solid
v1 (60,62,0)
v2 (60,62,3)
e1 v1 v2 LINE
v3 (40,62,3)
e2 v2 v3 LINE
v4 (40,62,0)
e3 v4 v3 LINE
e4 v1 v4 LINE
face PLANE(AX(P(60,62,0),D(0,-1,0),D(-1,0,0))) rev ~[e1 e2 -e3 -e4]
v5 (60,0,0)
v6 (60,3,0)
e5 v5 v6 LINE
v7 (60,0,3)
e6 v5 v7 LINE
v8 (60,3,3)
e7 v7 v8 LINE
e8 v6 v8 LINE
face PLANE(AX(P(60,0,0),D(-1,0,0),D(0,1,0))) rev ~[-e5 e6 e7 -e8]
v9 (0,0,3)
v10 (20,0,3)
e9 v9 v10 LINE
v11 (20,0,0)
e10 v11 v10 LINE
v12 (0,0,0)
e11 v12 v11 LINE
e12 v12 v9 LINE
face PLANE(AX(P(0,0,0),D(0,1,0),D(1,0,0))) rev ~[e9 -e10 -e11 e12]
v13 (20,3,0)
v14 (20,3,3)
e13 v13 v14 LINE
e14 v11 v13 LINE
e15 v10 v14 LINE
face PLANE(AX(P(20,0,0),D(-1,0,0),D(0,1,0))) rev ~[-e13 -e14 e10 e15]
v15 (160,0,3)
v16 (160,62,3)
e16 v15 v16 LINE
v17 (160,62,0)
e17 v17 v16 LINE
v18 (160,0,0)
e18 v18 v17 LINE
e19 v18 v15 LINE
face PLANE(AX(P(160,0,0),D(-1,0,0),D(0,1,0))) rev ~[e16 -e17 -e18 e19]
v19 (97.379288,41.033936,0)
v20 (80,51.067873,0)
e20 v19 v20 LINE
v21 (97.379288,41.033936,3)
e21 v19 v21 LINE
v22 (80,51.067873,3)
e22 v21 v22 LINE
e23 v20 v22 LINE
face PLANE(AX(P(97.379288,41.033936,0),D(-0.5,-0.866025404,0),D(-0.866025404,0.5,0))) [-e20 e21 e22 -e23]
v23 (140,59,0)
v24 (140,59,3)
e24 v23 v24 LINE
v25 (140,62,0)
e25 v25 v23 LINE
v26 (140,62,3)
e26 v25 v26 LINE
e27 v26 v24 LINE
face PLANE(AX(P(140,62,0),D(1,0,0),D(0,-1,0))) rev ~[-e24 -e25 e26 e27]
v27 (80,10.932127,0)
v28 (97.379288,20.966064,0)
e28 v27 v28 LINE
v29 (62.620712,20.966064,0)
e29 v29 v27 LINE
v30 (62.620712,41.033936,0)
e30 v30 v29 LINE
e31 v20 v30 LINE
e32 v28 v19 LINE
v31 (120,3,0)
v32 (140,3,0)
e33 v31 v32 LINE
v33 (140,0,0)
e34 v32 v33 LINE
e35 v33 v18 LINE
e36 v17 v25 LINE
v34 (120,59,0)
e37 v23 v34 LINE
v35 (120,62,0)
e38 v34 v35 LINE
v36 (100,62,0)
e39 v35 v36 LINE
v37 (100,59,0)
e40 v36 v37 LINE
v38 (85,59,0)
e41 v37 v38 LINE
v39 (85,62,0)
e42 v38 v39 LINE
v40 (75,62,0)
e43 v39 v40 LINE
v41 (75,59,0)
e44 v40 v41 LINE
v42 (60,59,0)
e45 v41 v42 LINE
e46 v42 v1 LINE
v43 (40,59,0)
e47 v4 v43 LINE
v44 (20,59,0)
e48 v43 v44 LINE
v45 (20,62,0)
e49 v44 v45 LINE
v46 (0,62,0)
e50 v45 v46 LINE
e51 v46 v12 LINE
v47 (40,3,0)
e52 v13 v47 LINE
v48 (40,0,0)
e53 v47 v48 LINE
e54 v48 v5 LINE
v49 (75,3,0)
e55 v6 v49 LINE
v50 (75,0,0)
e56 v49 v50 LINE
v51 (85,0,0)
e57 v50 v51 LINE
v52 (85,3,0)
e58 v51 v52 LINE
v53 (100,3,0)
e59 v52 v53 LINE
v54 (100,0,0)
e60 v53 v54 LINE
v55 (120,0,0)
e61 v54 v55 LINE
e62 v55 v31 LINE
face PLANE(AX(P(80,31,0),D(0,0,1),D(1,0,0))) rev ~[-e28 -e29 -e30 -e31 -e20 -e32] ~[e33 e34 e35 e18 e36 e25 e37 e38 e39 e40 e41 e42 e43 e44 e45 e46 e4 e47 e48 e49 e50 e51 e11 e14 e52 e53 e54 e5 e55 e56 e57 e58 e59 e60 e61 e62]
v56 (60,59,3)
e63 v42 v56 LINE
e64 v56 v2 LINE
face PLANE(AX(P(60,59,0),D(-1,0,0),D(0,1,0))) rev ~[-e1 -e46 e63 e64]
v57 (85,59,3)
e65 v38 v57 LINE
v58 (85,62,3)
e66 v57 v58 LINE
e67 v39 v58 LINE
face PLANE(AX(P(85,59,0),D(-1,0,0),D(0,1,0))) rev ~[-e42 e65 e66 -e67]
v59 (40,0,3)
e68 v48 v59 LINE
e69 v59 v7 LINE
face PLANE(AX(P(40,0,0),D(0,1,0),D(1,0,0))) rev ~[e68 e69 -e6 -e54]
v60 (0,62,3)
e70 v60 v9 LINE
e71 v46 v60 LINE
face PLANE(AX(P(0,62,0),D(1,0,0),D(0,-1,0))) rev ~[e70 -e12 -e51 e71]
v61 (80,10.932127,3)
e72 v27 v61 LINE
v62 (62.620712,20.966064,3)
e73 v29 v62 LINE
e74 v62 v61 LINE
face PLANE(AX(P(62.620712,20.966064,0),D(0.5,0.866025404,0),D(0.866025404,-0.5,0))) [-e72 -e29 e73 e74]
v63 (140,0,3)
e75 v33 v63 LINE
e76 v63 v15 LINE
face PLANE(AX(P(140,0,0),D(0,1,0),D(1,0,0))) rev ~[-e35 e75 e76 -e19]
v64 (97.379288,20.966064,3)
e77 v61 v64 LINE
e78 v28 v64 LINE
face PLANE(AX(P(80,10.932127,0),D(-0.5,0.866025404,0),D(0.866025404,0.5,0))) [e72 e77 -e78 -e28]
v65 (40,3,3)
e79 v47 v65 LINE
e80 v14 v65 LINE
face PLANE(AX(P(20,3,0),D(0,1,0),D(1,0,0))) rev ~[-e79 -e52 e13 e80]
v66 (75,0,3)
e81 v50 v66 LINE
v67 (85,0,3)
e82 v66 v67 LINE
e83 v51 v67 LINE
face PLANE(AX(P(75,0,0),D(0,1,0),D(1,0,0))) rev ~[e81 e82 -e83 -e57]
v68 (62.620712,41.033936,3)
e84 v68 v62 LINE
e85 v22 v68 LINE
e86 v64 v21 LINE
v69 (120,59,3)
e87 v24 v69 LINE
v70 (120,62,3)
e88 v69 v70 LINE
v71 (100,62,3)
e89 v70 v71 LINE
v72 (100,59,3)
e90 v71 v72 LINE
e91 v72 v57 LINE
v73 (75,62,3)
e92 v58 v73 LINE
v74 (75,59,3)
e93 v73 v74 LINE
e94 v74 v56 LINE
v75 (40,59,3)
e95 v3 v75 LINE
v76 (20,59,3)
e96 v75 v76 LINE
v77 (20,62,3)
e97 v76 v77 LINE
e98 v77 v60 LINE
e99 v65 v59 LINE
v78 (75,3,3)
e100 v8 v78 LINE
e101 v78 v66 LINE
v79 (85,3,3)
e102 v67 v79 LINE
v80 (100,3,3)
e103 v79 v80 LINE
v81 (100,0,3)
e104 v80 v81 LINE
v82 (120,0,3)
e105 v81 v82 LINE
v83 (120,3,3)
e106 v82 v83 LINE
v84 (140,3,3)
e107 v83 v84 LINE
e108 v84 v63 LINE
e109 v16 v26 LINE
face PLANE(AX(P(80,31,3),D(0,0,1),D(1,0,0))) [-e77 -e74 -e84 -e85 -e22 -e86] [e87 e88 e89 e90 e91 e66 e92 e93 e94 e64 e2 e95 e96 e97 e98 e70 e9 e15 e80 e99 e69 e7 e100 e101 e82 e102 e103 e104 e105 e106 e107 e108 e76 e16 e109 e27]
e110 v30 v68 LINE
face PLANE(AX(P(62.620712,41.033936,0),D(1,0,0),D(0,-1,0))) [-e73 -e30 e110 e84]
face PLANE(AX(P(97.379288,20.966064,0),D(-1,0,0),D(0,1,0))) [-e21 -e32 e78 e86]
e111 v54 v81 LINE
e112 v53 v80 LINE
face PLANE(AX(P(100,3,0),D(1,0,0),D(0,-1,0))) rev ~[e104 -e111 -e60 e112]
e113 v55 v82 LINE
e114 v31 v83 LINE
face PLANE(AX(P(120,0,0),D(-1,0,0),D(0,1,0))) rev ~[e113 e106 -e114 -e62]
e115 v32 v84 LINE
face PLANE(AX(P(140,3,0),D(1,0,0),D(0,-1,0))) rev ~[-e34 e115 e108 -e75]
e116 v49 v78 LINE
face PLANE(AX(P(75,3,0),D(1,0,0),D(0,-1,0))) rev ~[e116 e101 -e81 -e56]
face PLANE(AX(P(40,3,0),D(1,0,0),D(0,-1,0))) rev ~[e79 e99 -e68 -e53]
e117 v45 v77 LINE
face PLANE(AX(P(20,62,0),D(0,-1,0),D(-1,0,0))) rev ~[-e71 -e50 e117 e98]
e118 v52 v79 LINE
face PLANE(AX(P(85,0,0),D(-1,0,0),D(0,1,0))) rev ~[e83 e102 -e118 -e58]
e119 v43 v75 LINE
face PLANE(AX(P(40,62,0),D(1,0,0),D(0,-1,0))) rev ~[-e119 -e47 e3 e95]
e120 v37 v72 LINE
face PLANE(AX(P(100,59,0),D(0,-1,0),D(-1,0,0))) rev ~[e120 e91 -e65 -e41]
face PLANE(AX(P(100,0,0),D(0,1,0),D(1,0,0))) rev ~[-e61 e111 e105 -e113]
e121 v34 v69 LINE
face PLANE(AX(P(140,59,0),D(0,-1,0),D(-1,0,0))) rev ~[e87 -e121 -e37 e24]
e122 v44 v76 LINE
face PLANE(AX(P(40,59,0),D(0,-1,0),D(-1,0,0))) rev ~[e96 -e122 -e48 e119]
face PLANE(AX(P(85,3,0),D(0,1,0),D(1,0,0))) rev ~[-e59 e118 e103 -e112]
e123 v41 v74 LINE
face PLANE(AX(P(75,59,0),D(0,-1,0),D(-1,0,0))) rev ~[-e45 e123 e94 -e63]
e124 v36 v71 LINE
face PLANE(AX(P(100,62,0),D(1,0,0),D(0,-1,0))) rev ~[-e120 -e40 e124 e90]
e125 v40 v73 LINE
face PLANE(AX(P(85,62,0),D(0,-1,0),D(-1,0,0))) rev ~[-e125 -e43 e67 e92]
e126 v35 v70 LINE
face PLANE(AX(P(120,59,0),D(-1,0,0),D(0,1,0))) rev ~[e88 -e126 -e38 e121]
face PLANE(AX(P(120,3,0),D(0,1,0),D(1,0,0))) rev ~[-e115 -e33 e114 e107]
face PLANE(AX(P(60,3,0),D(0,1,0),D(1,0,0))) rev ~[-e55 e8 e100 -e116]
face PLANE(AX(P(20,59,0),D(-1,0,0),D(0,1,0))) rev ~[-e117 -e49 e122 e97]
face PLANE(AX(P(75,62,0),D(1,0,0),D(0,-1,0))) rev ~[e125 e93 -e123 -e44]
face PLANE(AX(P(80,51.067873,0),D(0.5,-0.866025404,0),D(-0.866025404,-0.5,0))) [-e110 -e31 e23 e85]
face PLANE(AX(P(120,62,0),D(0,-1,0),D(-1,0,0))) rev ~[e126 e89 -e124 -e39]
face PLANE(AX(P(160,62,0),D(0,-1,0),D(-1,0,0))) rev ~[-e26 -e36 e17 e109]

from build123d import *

# Parameters (mm, degrees)
P_IDAT_VYSUNUT_M1_DEPTH = 3


with BuildPart() as part:
    # Skica1 → Přidat vysunutím1 (new body)
    with BuildSketch(Plane.XY):
        Polygon((20, 3), (23.5, 3), (40, 3), (40, 0), (60, 0), (60, 3), (75, 3), (75, 0), (85, 0), (85, 3), (100, 3), (100, 0), (120, 0), (120, 3), (136.5, 3), (140, 3), (140, 0), (160, 0), (160, 62), (140, 62), (140, 59), (120, 59), (120, 62), (100, 62), (100, 59), (85, 59), (85, 62), (75, 62), (75, 59), (60, 59), (60, 62), (40, 62), (40, 59), (20, 59), (20, 62), (0, 62), (0, 0), (20, 0), align=None)
        Polygon((80, 51.06787282), (62.620712338, 41.03393641), (62.620712338, 20.96606359), (80, 10.93212718), (97.379287662, 20.96606359), (97.379287662, 41.03393641), align=None, mode=Mode.SUBTRACT)
    extrude(amount=P_IDAT_VYSUNUT_M1_DEPTH)


solid = part.part
